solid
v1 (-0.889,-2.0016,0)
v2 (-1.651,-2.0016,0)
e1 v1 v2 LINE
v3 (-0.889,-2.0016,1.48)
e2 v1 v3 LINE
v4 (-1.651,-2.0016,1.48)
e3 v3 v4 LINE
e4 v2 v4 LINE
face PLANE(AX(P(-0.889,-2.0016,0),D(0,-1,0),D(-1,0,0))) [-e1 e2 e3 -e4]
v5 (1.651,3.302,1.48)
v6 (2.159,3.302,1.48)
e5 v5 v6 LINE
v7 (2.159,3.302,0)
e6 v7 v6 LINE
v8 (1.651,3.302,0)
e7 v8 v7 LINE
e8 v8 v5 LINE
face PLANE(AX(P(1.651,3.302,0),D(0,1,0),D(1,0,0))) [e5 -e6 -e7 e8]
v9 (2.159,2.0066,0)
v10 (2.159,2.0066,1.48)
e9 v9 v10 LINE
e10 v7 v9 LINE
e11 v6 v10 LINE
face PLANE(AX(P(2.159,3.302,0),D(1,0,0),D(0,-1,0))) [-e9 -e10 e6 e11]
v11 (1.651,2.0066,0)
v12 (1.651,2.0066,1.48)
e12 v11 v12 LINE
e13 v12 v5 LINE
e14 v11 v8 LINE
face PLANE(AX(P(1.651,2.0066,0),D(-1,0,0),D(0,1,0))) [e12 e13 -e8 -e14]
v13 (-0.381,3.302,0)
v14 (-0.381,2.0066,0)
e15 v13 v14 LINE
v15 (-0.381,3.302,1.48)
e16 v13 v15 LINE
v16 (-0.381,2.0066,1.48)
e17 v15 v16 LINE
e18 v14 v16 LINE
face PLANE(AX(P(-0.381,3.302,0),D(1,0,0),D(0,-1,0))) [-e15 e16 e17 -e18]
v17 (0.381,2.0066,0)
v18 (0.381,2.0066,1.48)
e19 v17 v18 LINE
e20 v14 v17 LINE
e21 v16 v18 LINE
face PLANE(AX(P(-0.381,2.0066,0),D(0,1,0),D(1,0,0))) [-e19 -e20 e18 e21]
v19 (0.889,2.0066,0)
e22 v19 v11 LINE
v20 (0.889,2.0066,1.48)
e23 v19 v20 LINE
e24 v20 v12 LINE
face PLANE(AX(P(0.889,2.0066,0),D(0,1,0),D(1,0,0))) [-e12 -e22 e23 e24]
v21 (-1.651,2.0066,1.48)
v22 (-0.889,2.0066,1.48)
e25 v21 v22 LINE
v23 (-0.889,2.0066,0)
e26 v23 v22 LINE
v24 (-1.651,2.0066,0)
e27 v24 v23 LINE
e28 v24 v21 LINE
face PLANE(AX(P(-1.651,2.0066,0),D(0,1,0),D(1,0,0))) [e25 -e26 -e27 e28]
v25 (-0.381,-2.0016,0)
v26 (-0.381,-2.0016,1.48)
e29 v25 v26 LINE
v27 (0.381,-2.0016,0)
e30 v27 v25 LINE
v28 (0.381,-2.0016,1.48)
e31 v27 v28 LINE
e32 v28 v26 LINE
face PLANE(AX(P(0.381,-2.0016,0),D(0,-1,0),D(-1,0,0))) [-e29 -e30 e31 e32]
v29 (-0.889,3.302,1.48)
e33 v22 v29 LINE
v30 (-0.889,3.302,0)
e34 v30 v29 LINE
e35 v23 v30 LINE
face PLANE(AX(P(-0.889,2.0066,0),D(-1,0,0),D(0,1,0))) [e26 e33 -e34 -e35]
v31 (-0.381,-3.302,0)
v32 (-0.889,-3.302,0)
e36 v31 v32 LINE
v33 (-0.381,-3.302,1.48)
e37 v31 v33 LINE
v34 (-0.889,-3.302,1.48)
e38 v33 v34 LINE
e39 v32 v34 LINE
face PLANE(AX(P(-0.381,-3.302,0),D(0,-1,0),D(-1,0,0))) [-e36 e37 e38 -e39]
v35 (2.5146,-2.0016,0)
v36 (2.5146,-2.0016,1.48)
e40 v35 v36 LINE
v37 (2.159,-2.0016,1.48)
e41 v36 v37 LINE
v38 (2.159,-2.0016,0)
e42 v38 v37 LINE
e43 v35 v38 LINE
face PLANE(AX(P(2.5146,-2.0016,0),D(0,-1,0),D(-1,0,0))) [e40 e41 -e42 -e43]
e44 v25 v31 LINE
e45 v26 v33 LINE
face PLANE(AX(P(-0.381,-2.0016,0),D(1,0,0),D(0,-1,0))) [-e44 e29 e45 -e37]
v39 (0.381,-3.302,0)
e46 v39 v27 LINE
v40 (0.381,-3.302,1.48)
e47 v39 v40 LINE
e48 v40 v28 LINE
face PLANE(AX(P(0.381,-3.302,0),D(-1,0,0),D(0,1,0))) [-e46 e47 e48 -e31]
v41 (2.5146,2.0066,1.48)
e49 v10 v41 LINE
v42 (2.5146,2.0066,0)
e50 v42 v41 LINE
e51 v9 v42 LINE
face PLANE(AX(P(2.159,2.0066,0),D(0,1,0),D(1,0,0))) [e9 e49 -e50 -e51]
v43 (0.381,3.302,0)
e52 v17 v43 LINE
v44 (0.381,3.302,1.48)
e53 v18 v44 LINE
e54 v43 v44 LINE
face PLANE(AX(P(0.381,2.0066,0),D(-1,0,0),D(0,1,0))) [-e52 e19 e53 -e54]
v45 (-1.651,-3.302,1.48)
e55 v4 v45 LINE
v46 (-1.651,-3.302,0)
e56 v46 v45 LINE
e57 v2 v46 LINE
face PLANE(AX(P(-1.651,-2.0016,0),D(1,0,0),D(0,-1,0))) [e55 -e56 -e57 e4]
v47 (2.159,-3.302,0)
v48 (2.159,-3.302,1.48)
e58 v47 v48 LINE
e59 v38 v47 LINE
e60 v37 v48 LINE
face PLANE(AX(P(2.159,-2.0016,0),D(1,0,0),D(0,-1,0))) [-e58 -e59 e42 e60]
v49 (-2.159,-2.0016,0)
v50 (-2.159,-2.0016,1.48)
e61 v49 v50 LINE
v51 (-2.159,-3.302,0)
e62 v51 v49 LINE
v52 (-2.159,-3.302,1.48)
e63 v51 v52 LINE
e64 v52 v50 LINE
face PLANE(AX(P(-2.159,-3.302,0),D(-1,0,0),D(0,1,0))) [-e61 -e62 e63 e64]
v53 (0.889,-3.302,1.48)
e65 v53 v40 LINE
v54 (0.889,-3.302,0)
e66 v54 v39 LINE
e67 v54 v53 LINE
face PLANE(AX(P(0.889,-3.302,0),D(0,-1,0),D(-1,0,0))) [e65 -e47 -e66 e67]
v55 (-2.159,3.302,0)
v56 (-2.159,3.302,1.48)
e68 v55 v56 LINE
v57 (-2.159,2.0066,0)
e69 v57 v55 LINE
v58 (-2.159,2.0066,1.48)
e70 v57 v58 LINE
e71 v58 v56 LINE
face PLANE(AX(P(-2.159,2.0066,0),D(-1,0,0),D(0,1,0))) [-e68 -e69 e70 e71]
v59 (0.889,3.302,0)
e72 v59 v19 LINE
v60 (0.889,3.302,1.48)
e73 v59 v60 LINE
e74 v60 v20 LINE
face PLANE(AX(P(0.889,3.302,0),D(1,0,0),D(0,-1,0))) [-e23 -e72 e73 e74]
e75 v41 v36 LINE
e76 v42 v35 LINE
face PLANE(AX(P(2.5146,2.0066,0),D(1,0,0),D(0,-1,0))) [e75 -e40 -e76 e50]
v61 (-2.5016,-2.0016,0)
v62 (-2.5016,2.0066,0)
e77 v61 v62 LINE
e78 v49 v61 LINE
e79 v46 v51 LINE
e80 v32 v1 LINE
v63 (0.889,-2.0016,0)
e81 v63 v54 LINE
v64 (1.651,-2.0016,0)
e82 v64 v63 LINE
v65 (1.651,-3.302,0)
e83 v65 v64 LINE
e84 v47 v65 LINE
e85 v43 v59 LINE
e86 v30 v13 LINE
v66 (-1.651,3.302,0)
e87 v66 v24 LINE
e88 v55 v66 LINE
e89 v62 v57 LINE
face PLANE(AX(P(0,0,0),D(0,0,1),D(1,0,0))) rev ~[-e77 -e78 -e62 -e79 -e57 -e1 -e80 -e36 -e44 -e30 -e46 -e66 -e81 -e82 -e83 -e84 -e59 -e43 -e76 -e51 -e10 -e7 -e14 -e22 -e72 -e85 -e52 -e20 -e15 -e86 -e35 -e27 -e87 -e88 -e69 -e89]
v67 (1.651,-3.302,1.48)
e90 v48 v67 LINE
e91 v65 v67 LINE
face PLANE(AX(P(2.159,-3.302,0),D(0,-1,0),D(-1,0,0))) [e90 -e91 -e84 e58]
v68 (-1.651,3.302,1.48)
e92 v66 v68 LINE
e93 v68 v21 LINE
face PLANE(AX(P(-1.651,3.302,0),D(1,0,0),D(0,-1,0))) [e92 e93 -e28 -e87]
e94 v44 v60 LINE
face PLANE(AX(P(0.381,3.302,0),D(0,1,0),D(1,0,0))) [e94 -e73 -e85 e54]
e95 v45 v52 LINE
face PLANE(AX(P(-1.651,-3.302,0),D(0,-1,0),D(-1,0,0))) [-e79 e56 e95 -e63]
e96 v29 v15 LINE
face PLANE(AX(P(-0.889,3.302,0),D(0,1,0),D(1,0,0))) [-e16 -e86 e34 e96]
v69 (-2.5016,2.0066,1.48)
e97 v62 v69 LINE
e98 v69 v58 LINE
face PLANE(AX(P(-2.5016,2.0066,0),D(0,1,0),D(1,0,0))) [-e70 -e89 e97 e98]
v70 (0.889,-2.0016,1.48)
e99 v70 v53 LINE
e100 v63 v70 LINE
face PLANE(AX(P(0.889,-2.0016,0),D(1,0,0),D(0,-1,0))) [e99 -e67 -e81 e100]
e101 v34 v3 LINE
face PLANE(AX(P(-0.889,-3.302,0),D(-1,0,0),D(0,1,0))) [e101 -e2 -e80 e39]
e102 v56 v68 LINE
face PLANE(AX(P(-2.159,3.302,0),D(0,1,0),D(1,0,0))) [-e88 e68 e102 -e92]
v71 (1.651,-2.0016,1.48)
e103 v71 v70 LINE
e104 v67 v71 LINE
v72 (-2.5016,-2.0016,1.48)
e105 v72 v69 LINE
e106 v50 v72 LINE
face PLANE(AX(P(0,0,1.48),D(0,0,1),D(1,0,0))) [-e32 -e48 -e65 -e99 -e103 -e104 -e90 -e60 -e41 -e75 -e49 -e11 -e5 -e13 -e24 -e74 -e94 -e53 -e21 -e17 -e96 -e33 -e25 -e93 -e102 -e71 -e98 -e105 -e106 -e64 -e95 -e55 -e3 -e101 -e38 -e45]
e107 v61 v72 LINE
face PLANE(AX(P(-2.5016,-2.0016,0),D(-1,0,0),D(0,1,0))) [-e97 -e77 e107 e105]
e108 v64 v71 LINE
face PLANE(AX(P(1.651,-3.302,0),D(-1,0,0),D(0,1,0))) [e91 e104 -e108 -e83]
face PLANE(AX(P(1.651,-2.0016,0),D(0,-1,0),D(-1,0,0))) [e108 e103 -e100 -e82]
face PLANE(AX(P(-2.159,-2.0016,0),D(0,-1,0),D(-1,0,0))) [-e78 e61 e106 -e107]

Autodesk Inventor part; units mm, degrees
ref_plane "YZ Plane" through (0, 0, 0) normal (1, 0, 0) x (0, 1, 0)
ref_plane "XZ Plane" through (0, 0, 0) normal (0, 1, 0) x (-1, 0, 0)
ref_plane "XY Plane" through (0, 0, 0) normal (0, 0, 1) x (1, 0, 0)
sketch "NCV8402AD-SOIC8, NCV8402AD_162" plane through (0, 0, 0) normal (0, 0, 1) x (1, 0, 0)
  line L0 (-2.159, 2.0066) -> (-2.159, 3.302)
  line L1 (-2.159, 3.302) -> (-1.651, 3.302)
  line L2 (-1.651, 3.302) -> (-1.651, 2.0066)
  line L3 (-1.651, 2.0066) -> (-0.889, 2.0066)
  line L4 (-0.889, 2.0066) -> (-0.889, 3.302)
  line L5 (-0.889, 3.302) -> (-0.381, 3.302)
  line L6 (-0.381, 3.302) -> (-0.381, 2.0066)
  line L7 (-0.381, 2.0066) -> (0.381, 2.0066)
  line L8 (0.381, 2.0066) -> (0.381, 3.302)
  line L9 (0.381, 3.302) -> (0.889, 3.302)
  line L10 (0.889, 3.302) -> (0.889, 2.0066)
  line L11 (0.889, 2.0066) -> (1.651, 2.0066)
  line L12 (1.651, 2.0066) -> (1.651, 3.302)
  line L13 (1.651, 3.302) -> (2.159, 3.302)
  line L14 (2.159, 3.302) -> (2.159, 2.0066)
  line L15 (2.159, 2.0066) -> (2.5146, 2.0066)
  line L16 (2.5146, 2.0066) -> (2.5146, -2.0016)
  line L17 (2.5146, -2.0016) -> (2.159, -2.0016)
  line L18 (2.159, -2.0016) -> (2.159, -3.302)
  line L19 (2.159, -3.302) -> (1.651, -3.302)
  line L20 (1.651, -3.302) -> (1.651, -2.0016)
  line L21 (1.651, -2.0016) -> (0.889, -2.0016)
  line L22 (0.889, -2.0016) -> (0.889, -3.302)
  line L23 (0.889, -3.302) -> (0.381, -3.302)
  line L24 (0.381, -3.302) -> (0.381, -2.0016)
  line L25 (0.381, -2.0016) -> (-0.381, -2.0016)
  line L26 (-0.381, -2.0016) -> (-0.381, -3.302)
  line L27 (-0.381, -3.302) -> (-0.889, -3.302)
  line L28 (-0.889, -3.302) -> (-0.889, -2.0016)
  line L29 (-0.889, -2.0016) -> (-1.651, -2.0016)
  line L30 (-1.651, -2.0016) -> (-1.651, -3.302)
  line L31 (-1.651, -3.302) -> (-2.159, -3.302)
  line L32 (-2.159, -3.302) -> (-2.159, -2.0016)
  line L33 (-2.159, -2.0016) -> (-2.5016, -2.0016)
  line L34 (-2.5016, -2.0016) -> (-2.5016, 2.0066)
  line L35 (-2.5016, 2.0066) -> (-2.159, 2.0066)
extrude "Extrusion1" add sketch "NCV8402AD-SOIC8, NCV8402AD_162" along normal blind 1.48
properties part number "NCV8402AD"
